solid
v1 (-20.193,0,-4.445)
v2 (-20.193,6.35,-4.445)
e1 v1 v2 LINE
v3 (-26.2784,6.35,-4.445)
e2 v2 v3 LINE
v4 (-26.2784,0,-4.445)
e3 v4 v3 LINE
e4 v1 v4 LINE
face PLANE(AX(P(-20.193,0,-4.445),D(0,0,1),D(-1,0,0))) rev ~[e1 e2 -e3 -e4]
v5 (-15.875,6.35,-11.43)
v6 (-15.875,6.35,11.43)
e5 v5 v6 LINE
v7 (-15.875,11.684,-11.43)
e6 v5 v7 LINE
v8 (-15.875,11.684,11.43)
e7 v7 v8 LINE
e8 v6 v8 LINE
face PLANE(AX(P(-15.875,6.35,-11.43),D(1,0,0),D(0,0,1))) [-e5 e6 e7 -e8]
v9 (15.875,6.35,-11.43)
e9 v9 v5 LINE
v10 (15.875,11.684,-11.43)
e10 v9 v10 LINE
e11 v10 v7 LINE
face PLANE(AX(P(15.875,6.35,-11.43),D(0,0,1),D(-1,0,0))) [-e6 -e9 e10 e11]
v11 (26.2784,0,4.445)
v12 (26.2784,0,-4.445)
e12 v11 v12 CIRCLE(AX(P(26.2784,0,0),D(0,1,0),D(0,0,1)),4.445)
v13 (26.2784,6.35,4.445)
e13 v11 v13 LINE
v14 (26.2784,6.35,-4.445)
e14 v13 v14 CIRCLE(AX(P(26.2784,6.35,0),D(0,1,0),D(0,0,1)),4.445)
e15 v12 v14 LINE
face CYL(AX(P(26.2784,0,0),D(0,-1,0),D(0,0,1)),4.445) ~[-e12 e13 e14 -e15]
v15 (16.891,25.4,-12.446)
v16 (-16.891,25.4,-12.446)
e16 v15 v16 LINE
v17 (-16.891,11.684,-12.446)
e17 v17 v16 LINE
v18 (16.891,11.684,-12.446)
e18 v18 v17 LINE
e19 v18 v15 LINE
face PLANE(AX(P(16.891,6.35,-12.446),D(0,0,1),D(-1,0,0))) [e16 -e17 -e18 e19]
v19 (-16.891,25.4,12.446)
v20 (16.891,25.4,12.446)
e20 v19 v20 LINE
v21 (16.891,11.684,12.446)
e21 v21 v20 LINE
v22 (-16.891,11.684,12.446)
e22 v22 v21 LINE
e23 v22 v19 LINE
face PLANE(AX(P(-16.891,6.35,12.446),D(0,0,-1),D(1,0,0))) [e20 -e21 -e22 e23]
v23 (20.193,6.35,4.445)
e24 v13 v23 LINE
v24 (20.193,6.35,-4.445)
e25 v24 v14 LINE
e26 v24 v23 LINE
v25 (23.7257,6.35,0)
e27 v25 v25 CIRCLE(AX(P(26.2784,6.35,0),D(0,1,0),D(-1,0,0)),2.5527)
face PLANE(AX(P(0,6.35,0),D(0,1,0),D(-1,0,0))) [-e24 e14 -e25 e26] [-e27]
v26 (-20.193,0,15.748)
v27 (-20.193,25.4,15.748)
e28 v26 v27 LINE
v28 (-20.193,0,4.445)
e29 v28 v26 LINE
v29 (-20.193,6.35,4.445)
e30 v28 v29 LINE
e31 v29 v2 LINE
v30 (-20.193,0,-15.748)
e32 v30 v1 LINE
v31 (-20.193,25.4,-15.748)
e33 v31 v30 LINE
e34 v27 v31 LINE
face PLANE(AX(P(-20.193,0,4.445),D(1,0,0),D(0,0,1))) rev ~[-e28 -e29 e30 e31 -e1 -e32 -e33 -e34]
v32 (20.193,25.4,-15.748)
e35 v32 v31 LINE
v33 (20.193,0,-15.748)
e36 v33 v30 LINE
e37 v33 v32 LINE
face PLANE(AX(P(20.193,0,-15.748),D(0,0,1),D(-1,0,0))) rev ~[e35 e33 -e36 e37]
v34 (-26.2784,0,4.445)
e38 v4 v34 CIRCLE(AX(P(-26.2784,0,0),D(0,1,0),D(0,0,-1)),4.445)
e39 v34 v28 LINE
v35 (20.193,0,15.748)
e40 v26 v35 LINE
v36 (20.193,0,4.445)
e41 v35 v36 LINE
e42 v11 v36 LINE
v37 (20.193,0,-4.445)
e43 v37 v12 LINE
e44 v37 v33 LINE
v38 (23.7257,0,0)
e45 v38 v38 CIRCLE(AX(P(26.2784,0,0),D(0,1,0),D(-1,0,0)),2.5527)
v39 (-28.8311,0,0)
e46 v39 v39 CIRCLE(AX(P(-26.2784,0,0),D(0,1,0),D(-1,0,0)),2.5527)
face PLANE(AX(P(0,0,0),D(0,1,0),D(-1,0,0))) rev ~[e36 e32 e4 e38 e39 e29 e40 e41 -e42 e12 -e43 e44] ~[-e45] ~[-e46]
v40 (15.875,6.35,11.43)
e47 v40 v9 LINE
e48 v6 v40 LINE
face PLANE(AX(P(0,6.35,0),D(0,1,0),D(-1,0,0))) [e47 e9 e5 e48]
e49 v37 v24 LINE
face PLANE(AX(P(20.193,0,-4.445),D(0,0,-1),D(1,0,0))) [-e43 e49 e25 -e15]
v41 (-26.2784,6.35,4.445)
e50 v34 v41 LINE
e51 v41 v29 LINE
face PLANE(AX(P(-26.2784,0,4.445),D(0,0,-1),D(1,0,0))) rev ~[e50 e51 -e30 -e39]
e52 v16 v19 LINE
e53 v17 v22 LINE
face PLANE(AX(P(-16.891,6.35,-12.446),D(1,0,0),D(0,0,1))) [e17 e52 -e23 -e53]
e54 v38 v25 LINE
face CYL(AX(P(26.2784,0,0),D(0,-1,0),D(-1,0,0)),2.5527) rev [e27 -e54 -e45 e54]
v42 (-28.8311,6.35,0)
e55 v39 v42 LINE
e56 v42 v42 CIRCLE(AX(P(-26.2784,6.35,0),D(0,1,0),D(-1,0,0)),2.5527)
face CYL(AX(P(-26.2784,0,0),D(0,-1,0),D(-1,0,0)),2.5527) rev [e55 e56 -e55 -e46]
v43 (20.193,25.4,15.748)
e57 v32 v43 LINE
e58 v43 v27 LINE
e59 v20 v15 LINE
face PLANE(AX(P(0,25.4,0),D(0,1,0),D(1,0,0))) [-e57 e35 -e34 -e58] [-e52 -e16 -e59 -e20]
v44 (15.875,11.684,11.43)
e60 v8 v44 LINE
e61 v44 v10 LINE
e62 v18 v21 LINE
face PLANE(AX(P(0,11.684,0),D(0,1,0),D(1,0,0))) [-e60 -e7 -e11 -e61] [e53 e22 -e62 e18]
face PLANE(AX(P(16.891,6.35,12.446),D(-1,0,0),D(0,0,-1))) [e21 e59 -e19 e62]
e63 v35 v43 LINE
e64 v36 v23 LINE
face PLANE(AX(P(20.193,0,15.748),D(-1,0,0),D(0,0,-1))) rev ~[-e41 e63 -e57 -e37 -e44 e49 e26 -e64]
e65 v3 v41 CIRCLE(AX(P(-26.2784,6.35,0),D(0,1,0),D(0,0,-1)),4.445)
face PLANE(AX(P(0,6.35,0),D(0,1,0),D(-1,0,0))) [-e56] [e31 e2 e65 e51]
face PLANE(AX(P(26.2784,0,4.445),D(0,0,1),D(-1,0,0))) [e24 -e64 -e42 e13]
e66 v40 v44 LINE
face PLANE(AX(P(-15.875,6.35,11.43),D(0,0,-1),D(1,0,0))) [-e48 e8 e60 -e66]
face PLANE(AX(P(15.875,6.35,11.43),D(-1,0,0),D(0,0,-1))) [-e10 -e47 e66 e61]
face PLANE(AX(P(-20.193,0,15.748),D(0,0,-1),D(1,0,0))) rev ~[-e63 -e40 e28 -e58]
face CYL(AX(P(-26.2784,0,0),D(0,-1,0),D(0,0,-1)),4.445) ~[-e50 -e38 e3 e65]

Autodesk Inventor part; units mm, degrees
ref_plane "YZ Plane" through (0, 0, 0) normal (1, 0, 0) x (0, 1, 0)
ref_plane "XZ Plane" through (0, 0, 0) normal (0, 1, 0) x (-1, 0, 0)
ref_plane "XY Plane" through (0, 0, 0) normal (0, 0, 1) x (1, 0, 0)
sketch "Sketch1" plane through (0, 0, 0) normal (0, 1, 0) x (-1, 0, 0)
  line L0 (20.193, 15.748) -> (-20.193, 15.748)
  line L1 (-20.193, -15.748) -> (20.193, -15.748)
  line L2 (20.193, 15.748) -> (-20.193, -15.748) construction
  line L3 (-20.193, 15.748) -> (20.193, -15.748) construction
  line L4 (26.2784, 0) -> (13.1572, 0) construction
  line L5 (26.2784, 4.445) -> (20.193, 4.445)
  line L6 (20.193, -4.445) -> (26.2784, -4.445)
  arc A0 (26.2784, -4.445) -> (26.2784, 4.445) centre (26.2784, 0) ccw
  line L7 (0, -15.748) -> (0, 15.748) construction
  line L8 (-26.2784, 4.445) -> (-20.193, 4.445)
  line L9 (-20.193, -4.445) -> (-26.2784, -4.445)
  arc A1 (-26.2784, 4.445) -> (-26.2784, -4.445) centre (-26.2784, 0) ccw
  line L10 (20.193, -15.748) -> (20.193, -4.445)
  line L11 (20.193, 4.445) -> (20.193, 15.748)
  line L12 (-20.193, 15.748) -> (-20.193, 4.445)
  line L13 (-20.193, -4.445) -> (-20.193, -15.748)
  circle A2 centre (-26.2784, 0) radius 2.5527
  circle A3 centre (26.2784, 0) radius 2.5527
  point P0 (0, 0)
  point P1 (19.7178, 0)
  dimension "d0" = 40.386
  dimension "d1" = 31.496
  dimension "d2" = 8.89
  dimension "d5" = 5.1054
  dimension "d6" = 5.1054
extrude "Extrusion2" add sketch "Sketch1" along normal blind 6.35
sketch "Sketch2" plane through (0, 6.35, 0) normal (0, 1, 0) x (1, 0, 0)
  line L0 (20.193, 15.748) -> (-20.193, 15.748) projected
  line L1 (-20.193, 15.748) -> (20.193, 15.748)
  line L2 (20.193, 15.748) -> (20.193, -15.748)
  line L3 (20.193, -15.748) -> (-20.193, -15.748)
  line L4 (-20.193, -15.748) -> (-20.193, 15.748)
  line L5 (-16.891, -12.446) -> (16.891, -12.446)
  line L6 (16.891, -12.446) -> (16.891, 12.446)
  line L7 (16.891, 12.446) -> (-16.891, 12.446)
  line L8 (-16.891, 12.446) -> (-16.891, -12.446)
  line L9 (-16.891, -12.446) -> (16.891, 12.446) construction
  line L10 (16.891, -12.446) -> (-16.891, 12.446) construction
  point P0 (0, 0)
  dimension "d9" = 3.302
  dimension "d10" = 3.302
extrude "Extrusion3" add sketch "Sketch2" along normal blind 19.05
sketch "Sketch3" plane through (0, 6.35, 0) normal (0, 1, 0) x (1, 0, 0)
  line L0 (-16.891, 12.446) -> (-16.891, -12.446) projected
  line L1 (-16.891, -12.446) -> (16.891, -12.446) projected
  line L2 (16.891, 12.446) -> (-16.891, 12.446) projected
  line L3 (-16.891, 12.446) -> (16.891, 12.446)
  line L4 (16.891, 12.446) -> (16.891, -12.446)
  line L5 (16.891, -12.446) -> (-16.891, -12.446)
  line L6 (-16.891, -12.446) -> (-16.891, 12.446)
  line L7 (-15.875, -11.43) -> (15.875, -11.43)
  line L8 (15.875, -11.43) -> (15.875, 11.43)
  line L9 (15.875, 11.43) -> (-15.875, 11.43)
  line L10 (-15.875, 11.43) -> (-15.875, -11.43)
  line L11 (-15.875, -11.43) -> (15.875, 11.43) construction
  line L12 (15.875, -11.43) -> (-15.875, 11.43) construction
  point P0 (0, 0)
  dimension "d13" = 1.016
  dimension "d14" = 1.016
extrude "Extrusion4" add sketch "Sketch3" along normal blind 5.334
equation "\"d0\" = 2 * imuBoxWallThickness + imuBoardLength + 2 * imuPrintError"
equation "\"d1\" = 2 * imuBoxWallThickness + imuBoardWidth + 2 * imuPrintError"
equation "\"d2\" = widthSlot"
equation "\"d7\" = imuBoxBottom"
equation "\"d9\" = imuBoxWallThickness - imuPrintError"
equation "\"d10\" = imuBoxWallThickness - imuPrintError"
equation "\"d11\" = imuBoxHeight"
equation "\"d15\" = imuBoardBottomThickness"
equation "\"imuBoardWidth\" = 22.86"
equation "\"imuBoardLength\" = 31.75"
equation "\"imuBoardTopThickness\" = 11.176"
equation "\"imuBoardBottomThickness\" = 5.334"
equation "\"imuBoardHoleDistance\" = 19.7104"
equation "\"imuBoxWallThickness\" = 3.81"
equation "\"widthSlot\" = 8.89"
equation "\"imuBoxBottom\" = 6.35"
equation "\"imuBoxHeight\" = 19.05"
equation "\"imuPrintError\" = 0.508"
properties part number "imuBox"
